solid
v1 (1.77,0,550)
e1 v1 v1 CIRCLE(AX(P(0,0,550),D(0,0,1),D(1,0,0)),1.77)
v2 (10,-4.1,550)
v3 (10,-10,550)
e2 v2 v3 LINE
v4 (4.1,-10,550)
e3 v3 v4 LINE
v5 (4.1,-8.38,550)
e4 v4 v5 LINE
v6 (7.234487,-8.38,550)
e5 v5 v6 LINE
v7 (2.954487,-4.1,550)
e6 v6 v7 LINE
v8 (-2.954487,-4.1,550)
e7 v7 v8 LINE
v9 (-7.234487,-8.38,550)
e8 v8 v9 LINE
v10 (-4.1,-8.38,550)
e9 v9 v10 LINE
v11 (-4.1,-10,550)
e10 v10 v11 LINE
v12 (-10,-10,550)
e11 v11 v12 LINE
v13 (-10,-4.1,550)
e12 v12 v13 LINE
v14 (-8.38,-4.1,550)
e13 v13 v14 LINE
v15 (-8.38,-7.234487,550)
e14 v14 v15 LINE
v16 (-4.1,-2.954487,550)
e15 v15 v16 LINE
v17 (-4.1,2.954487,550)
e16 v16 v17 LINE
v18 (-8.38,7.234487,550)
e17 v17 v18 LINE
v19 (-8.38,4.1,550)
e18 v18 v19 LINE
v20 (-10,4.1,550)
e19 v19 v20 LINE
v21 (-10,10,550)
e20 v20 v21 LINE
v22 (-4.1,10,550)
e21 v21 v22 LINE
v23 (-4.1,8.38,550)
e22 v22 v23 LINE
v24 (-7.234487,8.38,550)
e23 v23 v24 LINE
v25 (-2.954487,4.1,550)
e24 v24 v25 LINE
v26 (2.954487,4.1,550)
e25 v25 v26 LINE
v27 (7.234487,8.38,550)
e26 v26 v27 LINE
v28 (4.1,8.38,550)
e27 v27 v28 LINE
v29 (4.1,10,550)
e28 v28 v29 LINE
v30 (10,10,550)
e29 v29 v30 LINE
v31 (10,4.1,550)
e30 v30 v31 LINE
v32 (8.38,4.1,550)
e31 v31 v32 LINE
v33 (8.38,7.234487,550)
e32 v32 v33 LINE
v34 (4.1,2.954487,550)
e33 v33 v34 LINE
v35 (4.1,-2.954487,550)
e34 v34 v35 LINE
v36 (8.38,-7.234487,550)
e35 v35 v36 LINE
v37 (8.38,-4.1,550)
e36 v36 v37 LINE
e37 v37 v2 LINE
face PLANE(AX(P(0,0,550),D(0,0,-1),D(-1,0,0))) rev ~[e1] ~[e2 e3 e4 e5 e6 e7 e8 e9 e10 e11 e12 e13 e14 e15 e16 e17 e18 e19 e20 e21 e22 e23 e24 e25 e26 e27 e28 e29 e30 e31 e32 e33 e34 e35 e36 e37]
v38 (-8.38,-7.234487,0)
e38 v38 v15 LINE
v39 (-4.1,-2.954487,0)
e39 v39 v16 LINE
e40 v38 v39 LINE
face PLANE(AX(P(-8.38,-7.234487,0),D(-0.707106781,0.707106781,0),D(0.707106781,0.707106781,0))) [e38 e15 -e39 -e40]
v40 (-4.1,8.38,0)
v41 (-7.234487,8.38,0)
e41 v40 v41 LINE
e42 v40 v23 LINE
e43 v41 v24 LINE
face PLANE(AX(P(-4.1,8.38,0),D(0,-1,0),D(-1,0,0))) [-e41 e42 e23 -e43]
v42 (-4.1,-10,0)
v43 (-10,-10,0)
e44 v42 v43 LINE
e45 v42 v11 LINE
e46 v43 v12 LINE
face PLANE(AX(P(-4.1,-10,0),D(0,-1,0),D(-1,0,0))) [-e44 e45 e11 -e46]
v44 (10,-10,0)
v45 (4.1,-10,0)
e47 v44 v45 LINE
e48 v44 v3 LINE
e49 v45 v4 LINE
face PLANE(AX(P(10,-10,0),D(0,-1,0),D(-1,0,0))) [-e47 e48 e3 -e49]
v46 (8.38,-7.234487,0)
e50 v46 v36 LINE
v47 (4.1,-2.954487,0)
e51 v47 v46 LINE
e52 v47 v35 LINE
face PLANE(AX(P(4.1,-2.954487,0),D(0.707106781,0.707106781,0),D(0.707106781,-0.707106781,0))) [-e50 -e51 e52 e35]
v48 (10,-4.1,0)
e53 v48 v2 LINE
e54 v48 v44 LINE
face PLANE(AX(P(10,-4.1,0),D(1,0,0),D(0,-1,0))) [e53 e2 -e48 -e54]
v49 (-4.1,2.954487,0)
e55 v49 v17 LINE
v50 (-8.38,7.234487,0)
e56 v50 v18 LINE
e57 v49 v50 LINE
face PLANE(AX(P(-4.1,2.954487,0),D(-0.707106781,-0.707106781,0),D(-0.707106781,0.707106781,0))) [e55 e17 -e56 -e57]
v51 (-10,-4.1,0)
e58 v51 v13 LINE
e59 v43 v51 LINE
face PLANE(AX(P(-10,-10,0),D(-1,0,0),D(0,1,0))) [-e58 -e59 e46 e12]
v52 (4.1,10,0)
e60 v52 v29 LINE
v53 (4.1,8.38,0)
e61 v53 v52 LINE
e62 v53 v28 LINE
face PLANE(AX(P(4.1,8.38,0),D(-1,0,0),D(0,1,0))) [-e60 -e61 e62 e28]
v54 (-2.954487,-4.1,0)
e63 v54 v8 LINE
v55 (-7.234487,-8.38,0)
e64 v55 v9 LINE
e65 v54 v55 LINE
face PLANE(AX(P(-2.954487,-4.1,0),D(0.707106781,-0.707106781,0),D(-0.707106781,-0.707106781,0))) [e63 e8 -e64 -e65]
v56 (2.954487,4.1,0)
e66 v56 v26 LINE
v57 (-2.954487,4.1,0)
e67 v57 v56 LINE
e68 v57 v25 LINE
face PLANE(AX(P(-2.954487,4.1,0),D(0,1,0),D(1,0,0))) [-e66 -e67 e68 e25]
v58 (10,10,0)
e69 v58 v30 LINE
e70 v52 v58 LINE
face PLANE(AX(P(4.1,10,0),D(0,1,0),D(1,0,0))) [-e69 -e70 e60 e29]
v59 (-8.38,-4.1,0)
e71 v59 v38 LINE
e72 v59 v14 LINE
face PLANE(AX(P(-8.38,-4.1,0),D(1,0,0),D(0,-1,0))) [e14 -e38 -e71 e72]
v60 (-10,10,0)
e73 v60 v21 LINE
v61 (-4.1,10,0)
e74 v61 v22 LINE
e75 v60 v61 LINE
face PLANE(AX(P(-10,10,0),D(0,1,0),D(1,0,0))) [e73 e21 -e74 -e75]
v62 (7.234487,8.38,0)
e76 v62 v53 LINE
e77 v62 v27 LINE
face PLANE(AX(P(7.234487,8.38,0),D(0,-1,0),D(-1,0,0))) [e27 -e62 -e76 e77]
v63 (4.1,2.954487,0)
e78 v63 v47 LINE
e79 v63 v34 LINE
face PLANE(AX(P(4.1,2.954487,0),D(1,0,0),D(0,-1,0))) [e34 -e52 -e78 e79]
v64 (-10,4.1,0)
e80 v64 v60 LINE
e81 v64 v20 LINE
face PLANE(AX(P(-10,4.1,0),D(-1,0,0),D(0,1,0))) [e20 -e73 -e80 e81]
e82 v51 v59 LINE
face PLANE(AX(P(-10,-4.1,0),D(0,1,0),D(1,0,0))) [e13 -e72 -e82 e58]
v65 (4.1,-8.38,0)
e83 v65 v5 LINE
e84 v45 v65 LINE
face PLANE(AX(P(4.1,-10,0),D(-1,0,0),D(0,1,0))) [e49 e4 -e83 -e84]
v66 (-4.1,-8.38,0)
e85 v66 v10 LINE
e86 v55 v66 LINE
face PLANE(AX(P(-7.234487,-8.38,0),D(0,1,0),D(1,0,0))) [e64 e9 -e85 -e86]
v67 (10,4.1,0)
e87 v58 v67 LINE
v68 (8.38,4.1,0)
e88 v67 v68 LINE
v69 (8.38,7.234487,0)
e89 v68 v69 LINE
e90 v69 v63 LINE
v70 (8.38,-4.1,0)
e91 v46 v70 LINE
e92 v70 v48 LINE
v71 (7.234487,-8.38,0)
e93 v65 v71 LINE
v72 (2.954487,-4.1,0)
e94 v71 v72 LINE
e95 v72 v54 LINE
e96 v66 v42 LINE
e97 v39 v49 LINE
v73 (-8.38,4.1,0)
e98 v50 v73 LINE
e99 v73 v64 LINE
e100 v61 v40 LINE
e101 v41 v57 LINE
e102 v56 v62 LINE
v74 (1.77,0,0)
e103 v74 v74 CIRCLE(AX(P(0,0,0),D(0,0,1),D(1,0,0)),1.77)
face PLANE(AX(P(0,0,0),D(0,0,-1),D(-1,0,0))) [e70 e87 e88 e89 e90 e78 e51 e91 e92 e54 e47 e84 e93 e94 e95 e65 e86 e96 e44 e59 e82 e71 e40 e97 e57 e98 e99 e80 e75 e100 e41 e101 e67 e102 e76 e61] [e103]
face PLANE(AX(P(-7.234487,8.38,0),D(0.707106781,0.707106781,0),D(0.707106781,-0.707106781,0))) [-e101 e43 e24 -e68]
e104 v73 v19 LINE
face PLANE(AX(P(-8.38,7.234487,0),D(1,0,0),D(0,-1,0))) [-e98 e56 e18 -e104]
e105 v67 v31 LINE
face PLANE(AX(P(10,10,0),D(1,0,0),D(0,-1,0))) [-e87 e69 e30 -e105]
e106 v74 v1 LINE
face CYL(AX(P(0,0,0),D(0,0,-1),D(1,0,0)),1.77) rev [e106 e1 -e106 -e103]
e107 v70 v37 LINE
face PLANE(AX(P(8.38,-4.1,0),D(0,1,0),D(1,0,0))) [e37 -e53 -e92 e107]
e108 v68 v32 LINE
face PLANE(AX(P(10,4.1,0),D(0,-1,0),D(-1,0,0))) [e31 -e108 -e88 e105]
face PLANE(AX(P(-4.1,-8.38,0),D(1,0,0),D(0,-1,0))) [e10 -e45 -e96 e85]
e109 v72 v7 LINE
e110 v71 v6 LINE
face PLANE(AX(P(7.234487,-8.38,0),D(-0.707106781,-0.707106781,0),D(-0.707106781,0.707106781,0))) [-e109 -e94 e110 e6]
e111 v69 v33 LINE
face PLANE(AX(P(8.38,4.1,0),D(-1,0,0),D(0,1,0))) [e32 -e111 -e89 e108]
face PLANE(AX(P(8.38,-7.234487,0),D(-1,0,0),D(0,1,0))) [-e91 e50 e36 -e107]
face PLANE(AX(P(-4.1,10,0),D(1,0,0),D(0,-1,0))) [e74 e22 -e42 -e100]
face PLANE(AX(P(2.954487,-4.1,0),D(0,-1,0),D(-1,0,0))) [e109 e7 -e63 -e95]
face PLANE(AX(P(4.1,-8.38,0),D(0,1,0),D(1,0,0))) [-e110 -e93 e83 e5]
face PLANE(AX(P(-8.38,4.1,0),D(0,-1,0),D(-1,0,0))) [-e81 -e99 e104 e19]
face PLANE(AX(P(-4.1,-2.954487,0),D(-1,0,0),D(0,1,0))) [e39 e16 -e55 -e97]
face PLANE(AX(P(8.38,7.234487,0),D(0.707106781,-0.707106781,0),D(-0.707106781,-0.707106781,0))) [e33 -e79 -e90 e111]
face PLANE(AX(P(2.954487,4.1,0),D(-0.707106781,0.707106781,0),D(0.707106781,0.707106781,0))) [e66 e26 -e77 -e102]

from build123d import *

# Parameters (mm, degrees)
SKETCH1_R           = 1.77
BOSS_EXTRUDE1_DEPTH = 550


with BuildPart() as part:
    # Sketch1 → Boss-Extrude1 (new body)
    with BuildSketch(Plane.XY):
        Polygon((-8.38, 4.1), (-10, 4.1), (-10, 10), (-4.1, 10), (-4.1, 8.38), (-7.234487014, 8.38), (-2.954487014, 4.1), (2.954487014, 4.1), (7.234487014, 8.38), (4.1, 8.38), (4.1, 10), (10, 10), (10, 4.1), (8.38, 4.1), (8.38, 7.234487014), (4.1, 2.954487014), (4.1, -2.954487014), (8.38, -7.234487014), (8.38, -4.1), (10, -4.1), (10, -10), (4.1, -10), (4.1, -8.38), (7.234487014, -8.38), (2.954487014, -4.1), (-2.954487014, -4.1), (-7.234487014, -8.38), (-4.1, -8.38), (-4.1, -10), (-10, -10), (-10, -4.1), (-8.38, -4.1), (-8.38, -7.234487014), (-4.1, -2.954487014), (-4.1, 2.954487014), (-8.38, 7.234487014), align=None)
        Circle(SKETCH1_R, mode=Mode.SUBTRACT)
    extrude(amount=BOSS_EXTRUDE1_DEPTH)


solid = part.part
